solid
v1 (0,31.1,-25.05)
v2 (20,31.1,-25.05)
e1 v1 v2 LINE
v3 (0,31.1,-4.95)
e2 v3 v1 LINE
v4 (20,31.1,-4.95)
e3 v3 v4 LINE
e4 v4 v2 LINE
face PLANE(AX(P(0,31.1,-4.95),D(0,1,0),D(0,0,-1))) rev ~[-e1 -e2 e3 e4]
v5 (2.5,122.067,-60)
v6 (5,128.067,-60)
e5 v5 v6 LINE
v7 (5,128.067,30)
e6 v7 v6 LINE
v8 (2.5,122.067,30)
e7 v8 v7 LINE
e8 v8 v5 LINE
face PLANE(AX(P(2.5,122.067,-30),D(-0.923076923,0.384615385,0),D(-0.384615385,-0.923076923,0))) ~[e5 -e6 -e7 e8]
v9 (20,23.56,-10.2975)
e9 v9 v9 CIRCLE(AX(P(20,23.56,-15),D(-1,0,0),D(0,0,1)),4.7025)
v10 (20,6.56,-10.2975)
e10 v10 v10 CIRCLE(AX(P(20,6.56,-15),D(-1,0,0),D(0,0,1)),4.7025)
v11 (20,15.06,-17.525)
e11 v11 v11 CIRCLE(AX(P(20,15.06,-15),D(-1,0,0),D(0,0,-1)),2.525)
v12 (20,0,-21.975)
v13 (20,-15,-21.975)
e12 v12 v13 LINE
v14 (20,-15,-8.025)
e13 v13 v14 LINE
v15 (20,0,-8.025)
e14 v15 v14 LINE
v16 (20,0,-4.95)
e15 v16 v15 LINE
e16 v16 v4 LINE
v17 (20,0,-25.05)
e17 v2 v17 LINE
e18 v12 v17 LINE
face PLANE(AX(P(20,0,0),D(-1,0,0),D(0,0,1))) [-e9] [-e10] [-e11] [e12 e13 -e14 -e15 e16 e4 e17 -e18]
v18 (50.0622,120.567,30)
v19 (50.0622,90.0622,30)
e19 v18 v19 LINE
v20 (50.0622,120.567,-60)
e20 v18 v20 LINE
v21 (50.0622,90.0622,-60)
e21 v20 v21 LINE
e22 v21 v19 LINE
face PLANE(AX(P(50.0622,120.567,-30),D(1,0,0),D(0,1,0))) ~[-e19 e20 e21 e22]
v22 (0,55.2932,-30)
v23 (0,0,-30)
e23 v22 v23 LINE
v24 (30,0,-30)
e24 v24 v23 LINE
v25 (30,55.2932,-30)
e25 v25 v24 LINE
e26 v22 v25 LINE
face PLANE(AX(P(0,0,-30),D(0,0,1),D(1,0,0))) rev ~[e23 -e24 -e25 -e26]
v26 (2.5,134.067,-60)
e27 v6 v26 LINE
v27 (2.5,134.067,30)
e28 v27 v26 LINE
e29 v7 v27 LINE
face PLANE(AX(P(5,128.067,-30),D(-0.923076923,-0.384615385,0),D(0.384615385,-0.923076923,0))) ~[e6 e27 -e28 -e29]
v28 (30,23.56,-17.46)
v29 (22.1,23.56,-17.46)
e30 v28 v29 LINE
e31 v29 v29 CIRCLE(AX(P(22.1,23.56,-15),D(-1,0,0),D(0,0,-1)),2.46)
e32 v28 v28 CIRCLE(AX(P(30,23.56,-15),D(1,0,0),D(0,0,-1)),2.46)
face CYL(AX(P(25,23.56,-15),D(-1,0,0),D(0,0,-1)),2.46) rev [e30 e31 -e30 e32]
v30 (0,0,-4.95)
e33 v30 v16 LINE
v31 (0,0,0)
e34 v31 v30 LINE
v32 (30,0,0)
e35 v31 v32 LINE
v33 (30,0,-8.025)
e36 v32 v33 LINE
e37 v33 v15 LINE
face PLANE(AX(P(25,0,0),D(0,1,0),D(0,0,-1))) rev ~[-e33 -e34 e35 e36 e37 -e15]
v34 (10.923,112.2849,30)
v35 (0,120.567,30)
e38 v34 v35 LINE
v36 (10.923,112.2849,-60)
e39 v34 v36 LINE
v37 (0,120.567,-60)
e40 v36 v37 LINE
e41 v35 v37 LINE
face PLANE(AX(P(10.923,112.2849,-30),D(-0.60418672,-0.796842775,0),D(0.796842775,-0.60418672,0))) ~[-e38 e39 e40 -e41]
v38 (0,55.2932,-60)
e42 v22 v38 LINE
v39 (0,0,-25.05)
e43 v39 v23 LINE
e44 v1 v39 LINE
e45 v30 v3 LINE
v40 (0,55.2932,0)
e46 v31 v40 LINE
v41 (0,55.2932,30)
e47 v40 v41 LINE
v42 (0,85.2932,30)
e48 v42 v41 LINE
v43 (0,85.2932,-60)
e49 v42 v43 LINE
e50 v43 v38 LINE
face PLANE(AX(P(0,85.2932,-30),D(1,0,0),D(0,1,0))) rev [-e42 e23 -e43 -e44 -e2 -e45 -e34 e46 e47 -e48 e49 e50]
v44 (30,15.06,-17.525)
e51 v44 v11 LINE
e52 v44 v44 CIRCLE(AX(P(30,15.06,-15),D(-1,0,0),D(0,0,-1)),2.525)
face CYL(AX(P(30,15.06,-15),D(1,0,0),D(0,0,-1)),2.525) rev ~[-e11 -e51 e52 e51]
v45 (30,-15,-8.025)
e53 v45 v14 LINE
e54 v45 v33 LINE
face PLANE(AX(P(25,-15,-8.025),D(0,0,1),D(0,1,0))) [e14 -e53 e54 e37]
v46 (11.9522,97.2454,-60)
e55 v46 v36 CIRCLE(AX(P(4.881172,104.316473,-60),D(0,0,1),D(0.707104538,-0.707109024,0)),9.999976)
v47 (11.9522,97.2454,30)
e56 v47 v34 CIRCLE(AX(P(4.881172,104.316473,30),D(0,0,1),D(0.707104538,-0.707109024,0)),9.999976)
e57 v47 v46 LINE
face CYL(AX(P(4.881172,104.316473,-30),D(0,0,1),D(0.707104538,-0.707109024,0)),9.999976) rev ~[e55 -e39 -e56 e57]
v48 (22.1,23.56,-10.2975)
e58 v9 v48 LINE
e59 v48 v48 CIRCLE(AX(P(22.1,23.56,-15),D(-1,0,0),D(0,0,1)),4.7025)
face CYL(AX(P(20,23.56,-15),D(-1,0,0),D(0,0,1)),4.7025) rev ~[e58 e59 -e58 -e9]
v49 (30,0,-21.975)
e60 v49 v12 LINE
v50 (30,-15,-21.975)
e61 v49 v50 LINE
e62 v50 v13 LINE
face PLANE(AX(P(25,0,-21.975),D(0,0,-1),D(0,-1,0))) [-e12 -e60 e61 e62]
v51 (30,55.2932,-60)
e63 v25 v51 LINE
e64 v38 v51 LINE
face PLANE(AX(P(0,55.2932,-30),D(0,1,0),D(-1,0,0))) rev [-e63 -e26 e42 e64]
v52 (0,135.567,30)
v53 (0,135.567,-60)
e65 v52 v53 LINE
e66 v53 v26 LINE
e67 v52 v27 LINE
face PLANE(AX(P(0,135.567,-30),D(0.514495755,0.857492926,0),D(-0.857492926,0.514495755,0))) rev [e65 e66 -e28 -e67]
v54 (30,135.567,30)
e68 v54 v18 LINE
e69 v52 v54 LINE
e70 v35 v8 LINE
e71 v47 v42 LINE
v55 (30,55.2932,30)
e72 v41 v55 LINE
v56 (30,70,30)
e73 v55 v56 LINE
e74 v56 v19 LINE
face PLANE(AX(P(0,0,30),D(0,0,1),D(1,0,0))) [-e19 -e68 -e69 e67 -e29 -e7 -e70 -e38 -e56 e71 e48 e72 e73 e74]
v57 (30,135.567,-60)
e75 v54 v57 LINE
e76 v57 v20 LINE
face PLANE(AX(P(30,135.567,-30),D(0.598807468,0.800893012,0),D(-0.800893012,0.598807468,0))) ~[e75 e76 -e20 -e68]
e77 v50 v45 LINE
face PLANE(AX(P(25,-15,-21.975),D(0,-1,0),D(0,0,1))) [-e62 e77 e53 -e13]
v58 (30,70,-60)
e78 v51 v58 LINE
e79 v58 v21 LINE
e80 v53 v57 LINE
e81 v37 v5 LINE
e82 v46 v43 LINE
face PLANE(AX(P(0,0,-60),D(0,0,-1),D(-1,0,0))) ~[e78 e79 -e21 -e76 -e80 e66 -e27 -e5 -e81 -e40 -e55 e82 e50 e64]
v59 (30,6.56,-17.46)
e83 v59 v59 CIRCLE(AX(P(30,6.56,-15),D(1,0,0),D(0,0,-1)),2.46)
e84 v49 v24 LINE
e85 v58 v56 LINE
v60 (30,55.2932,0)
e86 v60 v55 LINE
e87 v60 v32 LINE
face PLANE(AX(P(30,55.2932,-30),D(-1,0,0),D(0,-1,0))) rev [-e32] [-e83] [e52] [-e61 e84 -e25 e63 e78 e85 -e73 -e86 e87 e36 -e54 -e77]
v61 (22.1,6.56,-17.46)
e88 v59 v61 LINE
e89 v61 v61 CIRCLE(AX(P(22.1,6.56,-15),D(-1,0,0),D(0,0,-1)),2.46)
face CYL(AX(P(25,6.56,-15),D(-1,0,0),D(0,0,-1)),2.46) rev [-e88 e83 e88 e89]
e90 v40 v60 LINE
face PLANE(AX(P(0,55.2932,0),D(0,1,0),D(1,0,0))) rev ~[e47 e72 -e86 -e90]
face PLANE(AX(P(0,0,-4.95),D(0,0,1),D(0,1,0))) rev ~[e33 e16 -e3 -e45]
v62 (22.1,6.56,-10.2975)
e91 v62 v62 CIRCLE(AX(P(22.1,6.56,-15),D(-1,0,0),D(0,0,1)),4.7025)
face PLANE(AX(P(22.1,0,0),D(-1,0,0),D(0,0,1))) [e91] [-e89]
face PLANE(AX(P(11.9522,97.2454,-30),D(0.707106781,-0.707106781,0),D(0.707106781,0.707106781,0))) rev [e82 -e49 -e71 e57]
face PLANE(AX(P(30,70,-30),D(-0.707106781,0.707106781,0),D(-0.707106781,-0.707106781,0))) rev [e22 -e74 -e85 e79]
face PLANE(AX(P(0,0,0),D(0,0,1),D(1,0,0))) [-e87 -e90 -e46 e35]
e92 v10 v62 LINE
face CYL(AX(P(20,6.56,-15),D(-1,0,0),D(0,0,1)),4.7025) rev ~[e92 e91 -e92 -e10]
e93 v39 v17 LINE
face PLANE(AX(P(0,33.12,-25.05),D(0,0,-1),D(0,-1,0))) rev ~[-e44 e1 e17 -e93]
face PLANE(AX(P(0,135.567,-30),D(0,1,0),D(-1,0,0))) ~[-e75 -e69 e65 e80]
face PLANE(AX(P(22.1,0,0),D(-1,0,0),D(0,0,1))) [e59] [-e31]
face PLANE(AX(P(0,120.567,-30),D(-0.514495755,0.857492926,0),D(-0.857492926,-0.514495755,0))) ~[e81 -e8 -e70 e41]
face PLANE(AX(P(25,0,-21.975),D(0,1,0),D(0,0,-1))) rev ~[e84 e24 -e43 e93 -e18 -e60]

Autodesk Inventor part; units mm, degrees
ref_plane "YZ Plane" through (0, 0, 0) normal (1, 0, 0) x (0, 1, 0)
ref_plane "XZ Plane" through (0, 0, 0) normal (0, 1, 0) x (-1, 0, 0)
sketch "Sketch1" plane through (0, 0, 0) normal (0, 0, 1) x (1, 0, 0)
  line L0 (0, 0) -> (25, 0)
  line L1 (25, 0) -> (25, 40)
  line L2 (25, 40) -> (0, 40)
  line L3 (0, 40) -> (0, 0)
  dimension "d1" = 25
  dimension "d2" = 40
  dimension "d3" = 25
extrude "Extrusion1" add sketch "Sketch1" against normal blind 30
sketch "Sketch2" plane through (25, 0, 0) normal (1, 0, 0) x (0, 0, -1)
  line L0 (0, 0) -> (30, 0) projected
  circle A0 centre (15, 6.56) radius 2.46
extrude "Extrusion2" cut sketch "Sketch2" against normal blind 30
sketch "Sketch3" plane through (0, 0, 0) normal (-1, 0, 0) x (0, 0, 1)
  line L0 (0, 0) -> (-30, 0) projected
  line L1 (-25.05, 0) -> (-4.95, 0)
  line L2 (-4.95, 0) -> (-4.95, 33.12)
  line L3 (-4.95, 33.12) -> (-25.05, 33.12)
  line L4 (-25.05, 33.12) -> (-25.05, 0)
  dimension "d11" = 20.1
extrude "Extrusion3" cut sketch "Sketch3" against normal blind 20
sketch "Sketch4" plane through (0, 0, 0) normal (0, -1, 0) x (1, 0, 0)
  line L0 (20, -4.95) -> (20, -25.05) projected
  line L1 (20, -15) -> (25, -15)
  line L2 (25, 0) -> (25, -30) projected
  line L3 (20, -8.025) -> (25, -8.025)
  line L4 (25, -8.025) -> (25, -21.975)
  line L5 (25, -21.975) -> (20, -21.975)
  line L6 (20, -21.975) -> (20, -8.025)
  line L7 (20, -8.025) -> (25, -21.975) construction
  line L8 (25, -8.025) -> (20, -21.975) construction
  line L9 (25, -12.54) -> (25, -17.46) projected
  point P0 (0, 0)
  point P1 (22.5, -15)
  dimension "d14" = 13.95
extrude "Extrusion4" add sketch "Sketch4" along normal blind 15
sketch "Sketch5" plane through (20, 0, 0) normal (-1, 0, 0) x (0, 0, 1)
  circle A0 centre (-15, 6.56) radius 2.46 projected
  circle A1 centre (-15, 6.56) radius 4.7025
  circle A2 centre (-15, 6.56) radius 2.46 projected
  circle A3 centre (-15, 6.56) radius 2.46
  point P0 (0, 0)
  dimension "d17" = 9.405
extrude "Extrusion5" cut sketch "Sketch5" against normal blind 2.1
sketch "Sketch6" plane through (25, 0, 0) normal (1, 0, 0) x (0, 0, -1)
  circle A0 centre (15, 6.56) radius 4.7025 projected
  line L0 (15, 6.56) -> (15, 23.56)
  circle A1 centre (15, 23.56) radius 2.46
  point P0 (0, 0)
  dimension "d20" = 17
  dimension "d21" = 4.92
extrude "Extrusion6" cut sketch "Sketch6" against normal blind 10 contours A1
sketch "Sketch7" plane through (20, 0, 0) normal (-1, 0, 0) x (0, 0, 1)
  circle A0 centre (-15, 23.56) radius 2.46 projected
  circle A1 centre (-15, 23.56) radius 4.7025
  point P0 (0, 0)
  dimension "d24" = 9.405
extrude "Extrusion7" cut sketch "Sketch7" against normal blind 2.1
sketch "Sketch9" plane through (25, 0, 0) normal (1, 0, 0) x (0, 0, -1)
  circle A0 centre (15, 6.56) radius 2.46 projected
  circle A1 centre (15, 6.56) radius 2.46
  circle A2 centre (15, 23.56) radius 2.46 projected
  circle A3 centre (15, 23.56) radius 2.46
  line L0 (30, 40) -> (30, 0) projected
  line L1 (30, 0) -> (30, 40)
  line L2 (30, 40) -> (0, 40)
  line L3 (0, 40) -> (0, 0)
  line L4 (0, 0) -> (8.025, 0) projected
  line L5 (21.975, 0) -> (21.975, -15)
  line L6 (21.975, -15) -> (8.025, -15)
  line L7 (8.025, -15) -> (8.025, 0)
  line L8 (0, 0) -> (8.025, 0)
  line L9 (21.975, 0) -> (30, 0)
extrude "Extrusion8" add sketch "Sketch9" along normal blind 5
sketch "Sketch10" plane through (0, 40, 0) normal (0, 1, 0) x (1, 0, 0)
  line L0 (0, 30) -> (30, 30) projected
  line L1 (30, 0) -> (0, 0) projected
  line L2 (0, 30) -> (30, 30)
  line L3 (30, 30) -> (30, 0)
  line L4 (30, 0) -> (0, 0)
  line L5 (0, 0) -> (0, 30)
extrude "Extrusion9" add sketch "Sketch10" along normal blind 30
sketch "Sketch12" plane through (30, 0, 0) normal (1, 0, 0) x (0, 0, -1)
  circle A0 centre (15, 6.56) radius 2.46 projected
  line L0 (15, 6.56) -> (15, 15.06)
  circle A1 centre (15, 15.06) radius 2.525
  point P0 (0, 0)
  dimension "d31" = 8.5
  dimension "d33" = 5.05
extrude "Extrusion10" cut sketch "Sketch12" against normal blind 30 contours A1
sketch "Sketch15" plane through (0, 0, -25.05) normal (-1, 0, 0) x (0, 0, 1)
  line L0 (0, 33.12) -> (20.1, 33.12) projected
  line L1 (20.1, 33.12) -> (20.1, 0) projected
  line L2 (0, 33.12) -> (20.1, 33.12)
  line L3 (20.1, 33.12) -> (20.1, 31.1)
  line L4 (20.1, 31.1) -> (0, 31.1)
  line L5 (0, 31.1) -> (0, 33.12)
  point P0 (25.05, 0)
  dimension "d57" = 2.02
extrude "Extrusion13" add sketch "Sketch15" against normal blind 20
sketch "Sketch17" plane through (0, 0, 0) normal (0, 0, 1) x (1, 0, 0)
  line L0 (0, 70) -> (30, 70) projected
  line L1 (30, 70) -> (50.0622, 90.0622)
  line L2 (30, 70) -> (80, 70) construction
  line L3 (11.9522, 97.2454) -> (0, 85.2932)
  line L4 (0, 70) -> (0, 85.2932)
  line L5 (0, 70) -> (0, 0) projected
  line L6 (0, 70) -> (30, 70)
  line L7 (10.923, 112.2849) -> (0, 120.567)
  line L8 (2.5, 134.067) -> (0, 135.567)
  line L9 (2.5, 134.067) -> (5, 128.067)
  line L10 (2.5, 122.067) -> (0, 120.567)
  line L11 (2.5, 122.067) -> (5, 128.067)
  line L12 (50.0622, 105.3553) -> (50.0622, 120.567)
  line L13 (50.0622, 105.3553) -> (50.0622, 90.0622)
  line L14 (0, 135.567) -> (30, 135.567)
  line L15 (30, 135.567) -> (50.0622, 120.567)
  arc A0 (11.9522, 97.2454) -> (10.923, 112.2849) centre (4.8811, 104.3165) ccw
  dimension "d61" = 45
  dimension "d62" = 32.0271
  dimension "d71" = 30
  dimension "d72" = 10
extrude "Extrusion14" add sketch "Sketch17" against normal blind 30
sketch "Sketch19" plane through (0, 0, 0) normal (0, 0, 1) x (1, 0, 0)
  line L0 (30, 0) -> (30, 70) projected
  line L1 (30, 70) -> (50.0622, 90.0622) projected
  line L2 (30, 70) -> (50.0622, 90.0622)
  line L3 (50.0622, 120.567) -> (50.0622, 90.0622) projected
  line L4 (50.0622, 90.0622) -> (50.0622, 120.567)
  line L5 (30, 135.567) -> (50.0622, 120.567) projected
  line L6 (50.0622, 120.567) -> (30, 135.567)
  line L7 (0, 135.567) -> (30, 135.567) projected
  line L8 (30, 135.567) -> (0, 135.567)
  line L9 (5, 128.067) -> (2.5, 134.067) projected
  line L10 (0, 135.567) -> (2.5, 134.067)
  line L11 (2.5, 134.067) -> (5, 128.067)
  line L12 (2.5, 122.067) -> (5, 128.067) projected
  line L13 (5, 128.067) -> (2.5, 122.067)
  line L14 (0, 120.567) -> (2.5, 122.067) projected
  line L15 (2.5, 122.067) -> (0, 120.567)
  line L16 (10.923, 112.2849) -> (0, 120.567) projected
  line L17 (0, 120.567) -> (10.923, 112.2849)
  line L18 (11.9522, 97.2454) -> (0, 85.2932) projected
  line L19 (11.9522, 97.2454) -> (0, 85.2932)
  line L20 (0, 85.2932) -> (0, 55.2932)
  line L21 (0, 0) -> (0, 85.2932) projected
  line L22 (0, 55.2932) -> (30, 55.2932)
  line L23 (30, 55.2932) -> (30, 70)
  arc A0 (11.9522, 97.2454) -> (10.923, 112.2849) centre (4.8811, 104.3165) ccw
  dimension "d75" = 30
  dimension "d76" = 30
extrude "Extrusion15" add sketch "Sketch19" along normal blind 30
ref_plane "Work Plane1" through (0, 0, -15) normal (0, 0, 1) x (1, 0, 0)
mirror "Mirror1" about plane through (0, 0, -15) normal (0, 0, 1) of "Extrusion15"
properties part number "rec_c_12mm_x_90mm"
